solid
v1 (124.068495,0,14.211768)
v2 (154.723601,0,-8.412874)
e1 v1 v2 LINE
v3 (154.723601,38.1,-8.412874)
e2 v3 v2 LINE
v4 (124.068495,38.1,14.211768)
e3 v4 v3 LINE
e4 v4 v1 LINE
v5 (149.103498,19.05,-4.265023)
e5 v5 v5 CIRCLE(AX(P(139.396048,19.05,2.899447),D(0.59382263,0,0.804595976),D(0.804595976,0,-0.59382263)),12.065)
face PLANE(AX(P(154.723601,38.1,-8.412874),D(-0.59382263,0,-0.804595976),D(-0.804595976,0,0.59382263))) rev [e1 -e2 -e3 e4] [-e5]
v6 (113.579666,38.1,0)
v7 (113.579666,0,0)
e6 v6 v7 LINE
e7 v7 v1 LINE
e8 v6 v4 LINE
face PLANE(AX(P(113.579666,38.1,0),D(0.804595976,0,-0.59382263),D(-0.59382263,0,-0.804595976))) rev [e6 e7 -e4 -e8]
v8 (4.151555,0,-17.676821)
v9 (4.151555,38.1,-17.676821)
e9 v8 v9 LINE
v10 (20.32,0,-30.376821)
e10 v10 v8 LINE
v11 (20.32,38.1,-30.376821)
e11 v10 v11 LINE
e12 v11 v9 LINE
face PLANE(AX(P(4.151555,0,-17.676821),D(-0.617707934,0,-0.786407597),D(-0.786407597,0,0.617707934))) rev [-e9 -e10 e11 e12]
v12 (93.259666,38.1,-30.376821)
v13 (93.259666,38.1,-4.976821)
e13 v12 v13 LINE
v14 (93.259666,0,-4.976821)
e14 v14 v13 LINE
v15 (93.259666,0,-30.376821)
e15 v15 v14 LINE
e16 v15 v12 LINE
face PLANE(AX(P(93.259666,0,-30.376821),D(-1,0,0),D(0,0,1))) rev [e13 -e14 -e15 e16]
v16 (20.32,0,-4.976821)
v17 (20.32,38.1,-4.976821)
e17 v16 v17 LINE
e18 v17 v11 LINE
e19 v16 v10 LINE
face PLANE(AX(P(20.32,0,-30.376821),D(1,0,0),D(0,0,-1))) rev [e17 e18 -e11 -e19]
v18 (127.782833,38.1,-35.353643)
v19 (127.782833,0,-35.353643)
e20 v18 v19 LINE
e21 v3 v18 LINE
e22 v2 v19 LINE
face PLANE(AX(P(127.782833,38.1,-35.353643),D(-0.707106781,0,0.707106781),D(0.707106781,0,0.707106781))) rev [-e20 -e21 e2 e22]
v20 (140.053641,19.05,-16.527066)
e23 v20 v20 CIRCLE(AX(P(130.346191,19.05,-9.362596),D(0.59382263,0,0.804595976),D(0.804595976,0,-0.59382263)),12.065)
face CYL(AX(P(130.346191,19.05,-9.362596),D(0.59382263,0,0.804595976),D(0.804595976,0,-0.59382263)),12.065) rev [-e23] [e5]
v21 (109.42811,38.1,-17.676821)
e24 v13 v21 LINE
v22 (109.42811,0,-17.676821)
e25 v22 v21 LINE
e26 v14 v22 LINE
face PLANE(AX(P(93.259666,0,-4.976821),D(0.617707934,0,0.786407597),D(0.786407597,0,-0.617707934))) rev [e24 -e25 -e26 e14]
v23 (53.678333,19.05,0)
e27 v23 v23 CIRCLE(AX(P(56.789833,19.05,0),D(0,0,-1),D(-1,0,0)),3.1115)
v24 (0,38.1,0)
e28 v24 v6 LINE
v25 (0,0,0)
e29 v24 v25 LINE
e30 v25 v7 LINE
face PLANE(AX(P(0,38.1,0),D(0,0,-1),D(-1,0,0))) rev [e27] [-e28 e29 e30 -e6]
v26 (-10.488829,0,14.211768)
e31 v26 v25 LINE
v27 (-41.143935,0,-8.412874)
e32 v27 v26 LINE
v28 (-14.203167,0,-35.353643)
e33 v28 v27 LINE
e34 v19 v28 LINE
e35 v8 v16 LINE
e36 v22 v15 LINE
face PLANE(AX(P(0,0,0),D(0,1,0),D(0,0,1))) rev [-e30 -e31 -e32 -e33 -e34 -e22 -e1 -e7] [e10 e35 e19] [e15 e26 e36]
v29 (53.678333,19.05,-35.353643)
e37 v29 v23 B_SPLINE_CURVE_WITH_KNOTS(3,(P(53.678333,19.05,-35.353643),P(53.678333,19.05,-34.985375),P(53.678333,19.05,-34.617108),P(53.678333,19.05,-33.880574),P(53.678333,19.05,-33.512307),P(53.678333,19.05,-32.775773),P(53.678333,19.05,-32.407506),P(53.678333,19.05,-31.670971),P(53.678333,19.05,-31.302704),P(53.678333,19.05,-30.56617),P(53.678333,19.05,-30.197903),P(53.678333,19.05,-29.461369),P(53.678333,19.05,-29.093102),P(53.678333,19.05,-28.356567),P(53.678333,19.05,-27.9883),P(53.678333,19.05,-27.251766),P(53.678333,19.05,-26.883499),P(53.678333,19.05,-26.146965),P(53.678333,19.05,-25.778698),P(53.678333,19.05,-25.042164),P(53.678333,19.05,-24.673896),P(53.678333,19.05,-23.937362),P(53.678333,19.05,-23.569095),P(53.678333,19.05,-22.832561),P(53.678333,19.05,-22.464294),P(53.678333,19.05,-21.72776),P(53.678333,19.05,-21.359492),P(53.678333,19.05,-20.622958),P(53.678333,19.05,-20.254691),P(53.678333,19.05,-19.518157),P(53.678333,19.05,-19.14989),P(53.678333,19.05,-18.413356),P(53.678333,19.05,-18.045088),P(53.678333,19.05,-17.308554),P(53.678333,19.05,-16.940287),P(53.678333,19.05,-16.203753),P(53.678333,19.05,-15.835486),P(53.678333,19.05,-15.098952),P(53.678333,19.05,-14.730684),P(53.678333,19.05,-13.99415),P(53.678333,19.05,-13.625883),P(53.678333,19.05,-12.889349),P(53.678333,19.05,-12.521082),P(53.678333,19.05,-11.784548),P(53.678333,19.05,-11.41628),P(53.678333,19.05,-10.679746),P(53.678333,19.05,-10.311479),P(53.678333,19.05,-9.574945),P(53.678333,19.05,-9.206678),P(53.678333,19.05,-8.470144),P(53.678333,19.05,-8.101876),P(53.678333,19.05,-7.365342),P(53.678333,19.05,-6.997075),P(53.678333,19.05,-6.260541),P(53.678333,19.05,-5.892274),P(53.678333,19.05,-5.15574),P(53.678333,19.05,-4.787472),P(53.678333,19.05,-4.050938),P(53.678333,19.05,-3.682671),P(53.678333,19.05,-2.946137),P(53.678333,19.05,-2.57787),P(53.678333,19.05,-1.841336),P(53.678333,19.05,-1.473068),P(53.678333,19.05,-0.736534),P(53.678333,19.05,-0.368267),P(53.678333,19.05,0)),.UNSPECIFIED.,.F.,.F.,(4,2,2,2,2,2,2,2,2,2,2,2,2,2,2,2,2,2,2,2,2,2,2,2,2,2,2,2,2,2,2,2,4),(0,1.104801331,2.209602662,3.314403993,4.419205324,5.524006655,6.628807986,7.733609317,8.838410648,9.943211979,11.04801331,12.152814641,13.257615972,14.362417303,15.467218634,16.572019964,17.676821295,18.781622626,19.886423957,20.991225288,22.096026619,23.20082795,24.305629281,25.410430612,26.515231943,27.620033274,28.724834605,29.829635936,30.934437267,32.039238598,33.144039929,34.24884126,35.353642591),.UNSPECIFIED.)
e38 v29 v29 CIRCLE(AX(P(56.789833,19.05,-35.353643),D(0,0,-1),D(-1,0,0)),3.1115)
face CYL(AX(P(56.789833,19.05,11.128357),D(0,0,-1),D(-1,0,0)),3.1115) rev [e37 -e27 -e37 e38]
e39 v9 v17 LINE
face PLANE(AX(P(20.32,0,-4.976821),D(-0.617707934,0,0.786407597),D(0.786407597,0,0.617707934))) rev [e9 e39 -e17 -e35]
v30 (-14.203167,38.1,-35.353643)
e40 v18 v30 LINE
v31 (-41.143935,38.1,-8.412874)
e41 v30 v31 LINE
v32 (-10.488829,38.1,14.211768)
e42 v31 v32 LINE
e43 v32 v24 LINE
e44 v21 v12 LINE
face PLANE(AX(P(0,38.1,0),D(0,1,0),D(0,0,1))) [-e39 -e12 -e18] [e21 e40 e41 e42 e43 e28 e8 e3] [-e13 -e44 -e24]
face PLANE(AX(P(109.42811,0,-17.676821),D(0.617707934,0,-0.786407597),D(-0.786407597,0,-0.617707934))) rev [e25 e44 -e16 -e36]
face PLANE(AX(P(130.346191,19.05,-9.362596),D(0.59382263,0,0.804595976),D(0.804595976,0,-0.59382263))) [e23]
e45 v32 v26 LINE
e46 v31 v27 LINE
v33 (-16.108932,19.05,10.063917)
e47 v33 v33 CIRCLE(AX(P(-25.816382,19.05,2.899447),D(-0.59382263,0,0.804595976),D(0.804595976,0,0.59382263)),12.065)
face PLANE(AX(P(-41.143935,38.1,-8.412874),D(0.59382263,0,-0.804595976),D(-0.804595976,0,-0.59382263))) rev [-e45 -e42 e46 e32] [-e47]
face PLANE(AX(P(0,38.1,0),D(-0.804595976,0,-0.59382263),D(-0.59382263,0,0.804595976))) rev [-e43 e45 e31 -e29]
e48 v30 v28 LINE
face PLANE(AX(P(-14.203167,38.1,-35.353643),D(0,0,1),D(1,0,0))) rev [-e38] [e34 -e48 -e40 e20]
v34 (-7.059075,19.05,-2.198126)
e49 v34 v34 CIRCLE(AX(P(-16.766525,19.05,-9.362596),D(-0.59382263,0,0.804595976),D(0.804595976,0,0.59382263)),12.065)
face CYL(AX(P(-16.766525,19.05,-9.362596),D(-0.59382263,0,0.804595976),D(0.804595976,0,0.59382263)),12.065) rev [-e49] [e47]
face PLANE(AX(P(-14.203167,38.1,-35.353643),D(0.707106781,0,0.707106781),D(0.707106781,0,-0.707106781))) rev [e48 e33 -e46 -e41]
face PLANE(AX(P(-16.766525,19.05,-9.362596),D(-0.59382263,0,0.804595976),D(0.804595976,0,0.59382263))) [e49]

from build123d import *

# Parameters (mm, degrees)
BOSS_EXTRUDE1_DEPTH = 38.1
SKETCH2_R           = 12.065
CUT_EXTRUDE1_DEPTH  = 15.24
SKETCH3_R           = 12.065
CUT_EXTRUDE2_DEPTH  = 15.24
CUT_EXTRUDE3_DEPTH  = 38.1
SKETCH6_R           = 3.1115
CUT_EXTRUDE4_DEPTH  = 46.482


with BuildPart() as part:
    # Sketch1 → Boss-Extrude1 (new body)
    with BuildSketch(Plane(origin=(0, 0, 0), x_dir=(1, 0, 0), z_dir=(0, 1, 0))):
        Polygon((0, 0), (113.579665808, 0), (124.068494586, -14.211767965), (154.723601267, 8.412874228), (127.782832904, 35.353642591), (-14.203167096, 35.353642591), (-41.143935459, 8.412874228), (-10.488828778, -14.211767965), align=None)
    extrude(amount=BOSS_EXTRUDE1_DEPTH)

    # Sketch2 → Cut-Extrude1 (cut)
    with BuildSketch(Plane(origin=(-10.488828778, 0, 14.211767965), x_dir=(0.8045959758833214, 0, 0.5938226297408727), z_dir=(-0.5938226297408727, 0, 0.8045959758833214))):
        with Locations((-19.05, 19.05)):
            Circle(SKETCH2_R)
    extrude(amount=-CUT_EXTRUDE1_DEPTH, mode=Mode.SUBTRACT)

    # Sketch3 → Cut-Extrude2 (cut)
    with BuildSketch(Plane(origin=(50.539894278, 0, 68.478689631), x_dir=(0.8045959758833213, 0, -0.5938226297408729), z_dir=(0.5938226297408729, 0, 0.8045959758833213))):
        with Locations((110.435742051, 19.05)):
            Circle(SKETCH3_R)
    extrude(amount=-CUT_EXTRUDE2_DEPTH, mode=Mode.SUBTRACT)

    # Sketch5 → Cut-Extrude3 (cut)
    with BuildSketch(Plane(origin=(0, 38.1, 0), x_dir=(1, 0, 0), z_dir=(0, 1, 0))):
        Polygon((4.151555437, 17.676821295), (20.32, 30.376821295), (20.32, 4.976821295), align=None)
        Polygon((93.259665808, 30.376821295), (93.259665808, 4.976821295), (109.428110371, 17.676821295), align=None)
    extrude(amount=-CUT_EXTRUDE3_DEPTH, mode=Mode.SUBTRACT)

    # Sketch6 → Cut-Extrude4 (cut)
    with BuildSketch(Plane(origin=(0, 0, -35.353642591), x_dir=(-1, 0, 0), z_dir=(0, 0, -1))):
        with Locations((-56.789832904, 19.05)):
            Circle(SKETCH6_R)
    extrude(amount=-CUT_EXTRUDE4_DEPTH, mode=Mode.SUBTRACT)


solid = part.part
